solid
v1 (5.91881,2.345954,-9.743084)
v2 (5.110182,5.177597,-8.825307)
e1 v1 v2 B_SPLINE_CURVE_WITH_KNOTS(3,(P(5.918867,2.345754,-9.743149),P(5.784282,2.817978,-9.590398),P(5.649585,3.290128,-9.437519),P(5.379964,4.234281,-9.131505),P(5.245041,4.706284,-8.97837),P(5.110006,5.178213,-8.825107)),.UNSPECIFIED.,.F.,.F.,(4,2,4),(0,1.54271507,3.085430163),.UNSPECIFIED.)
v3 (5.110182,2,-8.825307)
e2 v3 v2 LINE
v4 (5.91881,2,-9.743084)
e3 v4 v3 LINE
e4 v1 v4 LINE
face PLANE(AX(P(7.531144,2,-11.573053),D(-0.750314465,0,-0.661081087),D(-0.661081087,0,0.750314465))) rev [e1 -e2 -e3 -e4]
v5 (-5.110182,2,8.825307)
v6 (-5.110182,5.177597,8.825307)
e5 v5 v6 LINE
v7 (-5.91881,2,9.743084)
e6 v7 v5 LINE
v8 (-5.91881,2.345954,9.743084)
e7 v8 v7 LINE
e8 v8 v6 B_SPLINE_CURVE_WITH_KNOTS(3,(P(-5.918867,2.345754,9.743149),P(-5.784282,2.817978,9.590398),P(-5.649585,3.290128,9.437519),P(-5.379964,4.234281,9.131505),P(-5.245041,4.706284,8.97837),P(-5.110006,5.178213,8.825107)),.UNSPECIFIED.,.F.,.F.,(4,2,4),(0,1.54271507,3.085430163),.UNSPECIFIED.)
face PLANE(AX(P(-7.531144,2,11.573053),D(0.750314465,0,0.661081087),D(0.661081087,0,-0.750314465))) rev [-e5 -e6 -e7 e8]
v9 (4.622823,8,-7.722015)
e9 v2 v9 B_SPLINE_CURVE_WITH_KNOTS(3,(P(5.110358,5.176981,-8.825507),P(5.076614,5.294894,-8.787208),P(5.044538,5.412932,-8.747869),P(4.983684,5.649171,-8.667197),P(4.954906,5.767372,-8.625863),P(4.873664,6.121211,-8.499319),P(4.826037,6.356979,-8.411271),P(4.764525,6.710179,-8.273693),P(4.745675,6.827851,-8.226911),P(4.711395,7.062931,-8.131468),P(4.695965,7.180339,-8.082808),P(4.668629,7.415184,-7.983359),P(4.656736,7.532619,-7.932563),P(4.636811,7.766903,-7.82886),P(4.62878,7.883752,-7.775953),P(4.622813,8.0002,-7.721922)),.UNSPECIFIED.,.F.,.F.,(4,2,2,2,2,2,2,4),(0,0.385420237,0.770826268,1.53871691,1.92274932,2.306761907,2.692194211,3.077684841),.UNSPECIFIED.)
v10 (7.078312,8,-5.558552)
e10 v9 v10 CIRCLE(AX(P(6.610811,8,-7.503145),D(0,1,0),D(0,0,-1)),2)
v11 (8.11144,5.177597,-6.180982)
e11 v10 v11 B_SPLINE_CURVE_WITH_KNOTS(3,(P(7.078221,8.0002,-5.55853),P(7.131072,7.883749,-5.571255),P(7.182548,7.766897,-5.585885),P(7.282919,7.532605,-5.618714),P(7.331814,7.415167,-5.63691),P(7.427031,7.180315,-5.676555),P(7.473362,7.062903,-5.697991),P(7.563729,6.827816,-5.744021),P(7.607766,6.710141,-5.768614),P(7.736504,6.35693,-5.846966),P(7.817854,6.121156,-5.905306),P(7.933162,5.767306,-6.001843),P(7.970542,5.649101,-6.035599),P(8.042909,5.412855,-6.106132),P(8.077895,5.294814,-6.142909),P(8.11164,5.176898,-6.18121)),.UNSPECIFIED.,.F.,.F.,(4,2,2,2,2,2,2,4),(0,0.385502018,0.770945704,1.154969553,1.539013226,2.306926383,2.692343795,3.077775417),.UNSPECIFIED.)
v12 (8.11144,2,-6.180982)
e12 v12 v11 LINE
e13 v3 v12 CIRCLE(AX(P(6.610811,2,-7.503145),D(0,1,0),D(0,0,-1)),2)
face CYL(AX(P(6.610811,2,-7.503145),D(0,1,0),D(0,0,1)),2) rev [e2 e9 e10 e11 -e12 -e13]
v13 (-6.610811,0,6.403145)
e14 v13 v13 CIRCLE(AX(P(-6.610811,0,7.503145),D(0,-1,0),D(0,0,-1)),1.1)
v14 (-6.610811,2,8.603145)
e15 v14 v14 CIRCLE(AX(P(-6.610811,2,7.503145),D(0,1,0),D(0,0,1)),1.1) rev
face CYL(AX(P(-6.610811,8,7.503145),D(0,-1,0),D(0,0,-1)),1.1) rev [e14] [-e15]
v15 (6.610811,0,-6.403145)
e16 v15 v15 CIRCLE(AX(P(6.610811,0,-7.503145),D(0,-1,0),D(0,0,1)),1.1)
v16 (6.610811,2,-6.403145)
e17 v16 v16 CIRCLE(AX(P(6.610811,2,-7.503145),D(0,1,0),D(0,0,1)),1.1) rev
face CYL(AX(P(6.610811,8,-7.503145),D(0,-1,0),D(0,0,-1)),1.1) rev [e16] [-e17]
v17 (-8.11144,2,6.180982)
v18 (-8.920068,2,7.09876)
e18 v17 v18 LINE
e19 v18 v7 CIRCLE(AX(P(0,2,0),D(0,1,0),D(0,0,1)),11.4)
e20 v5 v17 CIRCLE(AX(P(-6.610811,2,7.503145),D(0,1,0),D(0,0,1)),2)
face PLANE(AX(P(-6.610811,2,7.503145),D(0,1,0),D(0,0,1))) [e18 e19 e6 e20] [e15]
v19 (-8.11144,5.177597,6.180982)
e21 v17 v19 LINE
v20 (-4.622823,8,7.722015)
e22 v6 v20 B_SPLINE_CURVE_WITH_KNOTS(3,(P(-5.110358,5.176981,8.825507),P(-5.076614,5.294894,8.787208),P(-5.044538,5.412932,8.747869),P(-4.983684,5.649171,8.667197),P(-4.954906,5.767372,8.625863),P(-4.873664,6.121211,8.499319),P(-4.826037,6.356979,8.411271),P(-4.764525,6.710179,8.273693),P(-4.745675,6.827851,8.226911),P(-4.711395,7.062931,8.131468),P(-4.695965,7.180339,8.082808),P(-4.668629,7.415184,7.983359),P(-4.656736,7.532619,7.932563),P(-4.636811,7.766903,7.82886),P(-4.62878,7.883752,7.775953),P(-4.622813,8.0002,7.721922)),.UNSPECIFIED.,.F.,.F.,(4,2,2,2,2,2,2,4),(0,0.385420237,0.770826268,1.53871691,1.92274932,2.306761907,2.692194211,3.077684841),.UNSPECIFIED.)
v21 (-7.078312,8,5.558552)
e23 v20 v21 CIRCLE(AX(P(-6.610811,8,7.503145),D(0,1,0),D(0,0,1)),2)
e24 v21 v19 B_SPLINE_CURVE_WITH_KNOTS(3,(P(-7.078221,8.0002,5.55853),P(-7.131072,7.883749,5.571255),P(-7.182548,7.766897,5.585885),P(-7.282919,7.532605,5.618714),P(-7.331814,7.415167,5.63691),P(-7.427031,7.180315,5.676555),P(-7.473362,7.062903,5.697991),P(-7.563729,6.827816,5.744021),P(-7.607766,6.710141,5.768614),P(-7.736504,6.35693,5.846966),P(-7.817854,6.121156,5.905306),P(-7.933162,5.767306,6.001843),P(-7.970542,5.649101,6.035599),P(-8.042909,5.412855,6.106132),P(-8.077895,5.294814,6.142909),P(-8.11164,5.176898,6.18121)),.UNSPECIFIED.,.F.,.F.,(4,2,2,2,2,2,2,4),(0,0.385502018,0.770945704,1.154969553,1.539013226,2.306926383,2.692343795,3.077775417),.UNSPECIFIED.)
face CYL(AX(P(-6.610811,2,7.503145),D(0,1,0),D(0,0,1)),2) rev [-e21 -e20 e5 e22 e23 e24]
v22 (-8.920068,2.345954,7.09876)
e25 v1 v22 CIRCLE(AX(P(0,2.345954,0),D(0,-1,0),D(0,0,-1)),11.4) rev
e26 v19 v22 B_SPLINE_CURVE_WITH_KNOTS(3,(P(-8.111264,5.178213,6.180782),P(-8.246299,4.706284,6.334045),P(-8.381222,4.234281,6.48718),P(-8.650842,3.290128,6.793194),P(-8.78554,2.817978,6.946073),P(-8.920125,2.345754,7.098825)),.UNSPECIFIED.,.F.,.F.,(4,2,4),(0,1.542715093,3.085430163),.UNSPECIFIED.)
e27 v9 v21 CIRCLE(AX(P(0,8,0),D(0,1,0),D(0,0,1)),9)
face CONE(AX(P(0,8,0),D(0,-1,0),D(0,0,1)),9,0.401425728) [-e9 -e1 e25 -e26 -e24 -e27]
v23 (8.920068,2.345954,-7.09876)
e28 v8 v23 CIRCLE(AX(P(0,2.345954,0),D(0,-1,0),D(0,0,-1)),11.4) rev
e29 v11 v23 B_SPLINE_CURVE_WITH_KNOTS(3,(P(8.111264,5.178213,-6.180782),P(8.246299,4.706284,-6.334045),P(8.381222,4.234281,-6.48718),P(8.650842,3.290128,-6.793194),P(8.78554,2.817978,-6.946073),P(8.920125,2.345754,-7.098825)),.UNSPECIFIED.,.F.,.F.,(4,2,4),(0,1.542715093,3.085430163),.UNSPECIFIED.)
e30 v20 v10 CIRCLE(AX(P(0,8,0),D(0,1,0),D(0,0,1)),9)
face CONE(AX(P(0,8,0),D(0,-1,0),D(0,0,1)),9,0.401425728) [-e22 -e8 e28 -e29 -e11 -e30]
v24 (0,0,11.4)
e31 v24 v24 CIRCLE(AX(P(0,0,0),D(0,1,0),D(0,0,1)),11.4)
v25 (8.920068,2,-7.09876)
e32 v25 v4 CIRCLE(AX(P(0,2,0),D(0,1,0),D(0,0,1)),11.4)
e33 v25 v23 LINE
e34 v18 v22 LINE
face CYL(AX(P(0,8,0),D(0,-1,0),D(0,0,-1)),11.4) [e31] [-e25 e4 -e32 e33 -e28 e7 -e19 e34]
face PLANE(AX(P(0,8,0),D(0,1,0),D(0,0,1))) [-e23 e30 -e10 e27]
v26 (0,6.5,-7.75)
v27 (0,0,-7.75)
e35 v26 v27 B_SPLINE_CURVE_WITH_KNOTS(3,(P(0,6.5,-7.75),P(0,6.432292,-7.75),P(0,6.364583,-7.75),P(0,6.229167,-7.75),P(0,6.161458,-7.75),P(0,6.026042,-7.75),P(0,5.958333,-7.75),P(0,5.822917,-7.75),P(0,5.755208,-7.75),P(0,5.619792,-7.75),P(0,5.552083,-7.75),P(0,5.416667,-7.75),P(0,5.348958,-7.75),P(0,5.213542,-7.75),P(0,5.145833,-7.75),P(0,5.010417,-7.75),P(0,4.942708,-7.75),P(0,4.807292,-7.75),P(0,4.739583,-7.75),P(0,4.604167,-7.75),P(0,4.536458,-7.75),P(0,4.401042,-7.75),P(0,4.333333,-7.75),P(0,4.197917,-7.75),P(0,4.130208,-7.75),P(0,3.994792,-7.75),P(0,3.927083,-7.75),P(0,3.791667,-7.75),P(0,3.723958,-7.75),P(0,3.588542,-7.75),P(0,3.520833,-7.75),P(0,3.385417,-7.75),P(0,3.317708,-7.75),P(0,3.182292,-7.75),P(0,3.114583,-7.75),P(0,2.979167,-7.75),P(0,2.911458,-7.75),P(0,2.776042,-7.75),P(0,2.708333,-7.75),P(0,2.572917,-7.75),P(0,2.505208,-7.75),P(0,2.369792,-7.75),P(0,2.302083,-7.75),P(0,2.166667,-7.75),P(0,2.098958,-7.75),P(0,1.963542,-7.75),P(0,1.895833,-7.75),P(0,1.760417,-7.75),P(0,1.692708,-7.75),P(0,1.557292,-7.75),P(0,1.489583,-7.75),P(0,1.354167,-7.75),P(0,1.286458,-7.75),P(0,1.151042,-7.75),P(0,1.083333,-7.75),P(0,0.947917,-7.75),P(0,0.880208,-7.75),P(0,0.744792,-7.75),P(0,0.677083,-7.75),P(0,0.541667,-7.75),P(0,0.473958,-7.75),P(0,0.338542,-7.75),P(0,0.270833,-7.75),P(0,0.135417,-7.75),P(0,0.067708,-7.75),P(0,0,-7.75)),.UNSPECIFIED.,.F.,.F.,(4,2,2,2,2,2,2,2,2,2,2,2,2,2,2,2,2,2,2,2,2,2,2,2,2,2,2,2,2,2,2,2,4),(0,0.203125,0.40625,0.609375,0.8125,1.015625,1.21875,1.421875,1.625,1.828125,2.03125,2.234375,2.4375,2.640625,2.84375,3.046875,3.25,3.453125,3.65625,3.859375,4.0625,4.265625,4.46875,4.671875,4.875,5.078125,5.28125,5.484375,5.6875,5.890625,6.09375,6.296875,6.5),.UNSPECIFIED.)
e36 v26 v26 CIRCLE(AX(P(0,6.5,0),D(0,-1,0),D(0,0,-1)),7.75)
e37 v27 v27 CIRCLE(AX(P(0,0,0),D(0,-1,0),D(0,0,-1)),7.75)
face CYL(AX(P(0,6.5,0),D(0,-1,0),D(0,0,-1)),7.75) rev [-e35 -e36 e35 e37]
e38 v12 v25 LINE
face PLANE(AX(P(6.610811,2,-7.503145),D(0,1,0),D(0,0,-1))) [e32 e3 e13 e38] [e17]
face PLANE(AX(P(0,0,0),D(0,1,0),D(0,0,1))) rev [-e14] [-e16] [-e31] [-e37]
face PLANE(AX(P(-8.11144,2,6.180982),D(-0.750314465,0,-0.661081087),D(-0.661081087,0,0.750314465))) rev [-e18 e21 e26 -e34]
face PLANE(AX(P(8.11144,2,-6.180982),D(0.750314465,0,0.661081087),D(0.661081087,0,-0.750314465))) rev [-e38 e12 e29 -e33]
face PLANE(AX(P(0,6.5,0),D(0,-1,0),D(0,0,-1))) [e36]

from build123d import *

# Parameters (mm, degrees)
SKETCH1_R           = 11.4
BOSS_EXTRUDE1_DEPTH = 8
SKETCH2_OUTSIDE_W   = 38.236
SKETCH2_OUTSIDE_H   = 38.236
SKETCH2_OUTSIDE_R   = 9
CUT_EXTRUDE1_DEPTH  = 8
CUT_EXTRUDE1_DRAFT  = -23
SKETCH3_R           = 1.1
CUT_EXTRUDE2_DEPTH  = 8
CUT_EXTRUDE3_DEPTH  = 6
CIRPATTERN1_COUNT   = 2
SKETCH5_R           = 7.75
CUT_EXTRUDE5_DEPTH  = 6.5


with BuildPart() as part:
    # Sketch1 → Boss-Extrude1 (new body)
    with BuildSketch(Plane(origin=(0, 0, 0), x_dir=(1, 0, 0), z_dir=(0, 1, 0))):
        with Locations(Location((0, 0, 0), (0, 0, 270))):
            Circle(SKETCH1_R)
    extrude(amount=BOSS_EXTRUDE1_DEPTH)


with BuildPart() as cut_extrude1_tool:
    # Sketch2 outside → Cut-Extrude1 (with draft: the straight prism first)
    with BuildSketch(Plane(origin=(0, 8, 0), x_dir=(1, 0, 0), z_dir=(0, 1, 0))):
        Rectangle(SKETCH2_OUTSIDE_W, SKETCH2_OUTSIDE_H)
        Circle(SKETCH2_OUTSIDE_R, mode=Mode.SUBTRACT)
    extrude(amount=-CUT_EXTRUDE1_DEPTH)
    # Cut-Extrude1: the draft: its side faces are tilted about the plane it starts from
    cut_extrude1_sides = [cut_extrude1_tool.faces().sort_by_distance(p)[0] for p in [
        (0, 4, 19.118),
        (19.118, 4, 0),
        (0, 4, -19.118),
        (-19.118, 4, 0),
        (-9, 4, 0),
    ]]
    draft(cut_extrude1_sides, Plane(origin=(0, 8, 0), x_dir=(1, 0, 0), z_dir=(0, 1, 0)), CUT_EXTRUDE1_DRAFT)


with BuildPart() as part_1:
    add(part.part)

    # Cut-Extrude1: cut by cut_extrude1_tool
    add(cut_extrude1_tool.part, mode=Mode.SUBTRACT)

    # Sketch3 → Cut-Extrude2 (cut)
    with BuildSketch(Plane.XZ):
        with Locations(Location((-6.610810867, 7.503144653, 0), (0, 0, 270))):
            Circle(SKETCH3_R)
    cut_extrude2 = extrude(amount=-CUT_EXTRUDE2_DEPTH, mode=Mode.SUBTRACT)

    # Sketch4 → Cut-Extrude3 (cut)
    with BuildSketch(Plane(origin=(0, 8, 0), x_dir=(1, 0, 0), z_dir=(0, 1, 0))):
        with BuildLine():
            Line((-8.111439797, -6.18098248), (-10.53240187, -8.928728406))
            Line((-10.53240187, -8.928728406), (-7.531144009, -11.573052753))
            Line((-7.531144009, -11.573052753), (-5.110181936, -8.825306826))
            ThreePointArc((-5.110181936, -8.825306826), (-5.288648693, -6.002515722), (-8.111439797, -6.18098248))
        make_face()
    cut_extrude3 = extrude(amount=-CUT_EXTRUDE3_DEPTH, mode=Mode.SUBTRACT)

    # CirPattern1: Cut-Extrude2, Cut-Extrude3 ×2 about axis
    cirpattern1_axis = Axis((0, 0, 0), (0, 1, 0))
    add([cut_extrude2.rotate(cirpattern1_axis, i * 360 / CIRPATTERN1_COUNT) for i in range(1, CIRPATTERN1_COUNT)], mode=Mode.SUBTRACT)
    add([cut_extrude3.rotate(cirpattern1_axis, i * 360 / CIRPATTERN1_COUNT) for i in range(1, CIRPATTERN1_COUNT)], mode=Mode.SUBTRACT)

    # Sketch5 → Cut-Extrude5 (cut)
    with BuildSketch(Plane.XZ):
        with Locations(Location((0, 0, 0), (0, 0, 270))):
            Circle(SKETCH5_R)
    extrude(amount=-CUT_EXTRUDE5_DEPTH, mode=Mode.SUBTRACT)


solid = part_1.part
